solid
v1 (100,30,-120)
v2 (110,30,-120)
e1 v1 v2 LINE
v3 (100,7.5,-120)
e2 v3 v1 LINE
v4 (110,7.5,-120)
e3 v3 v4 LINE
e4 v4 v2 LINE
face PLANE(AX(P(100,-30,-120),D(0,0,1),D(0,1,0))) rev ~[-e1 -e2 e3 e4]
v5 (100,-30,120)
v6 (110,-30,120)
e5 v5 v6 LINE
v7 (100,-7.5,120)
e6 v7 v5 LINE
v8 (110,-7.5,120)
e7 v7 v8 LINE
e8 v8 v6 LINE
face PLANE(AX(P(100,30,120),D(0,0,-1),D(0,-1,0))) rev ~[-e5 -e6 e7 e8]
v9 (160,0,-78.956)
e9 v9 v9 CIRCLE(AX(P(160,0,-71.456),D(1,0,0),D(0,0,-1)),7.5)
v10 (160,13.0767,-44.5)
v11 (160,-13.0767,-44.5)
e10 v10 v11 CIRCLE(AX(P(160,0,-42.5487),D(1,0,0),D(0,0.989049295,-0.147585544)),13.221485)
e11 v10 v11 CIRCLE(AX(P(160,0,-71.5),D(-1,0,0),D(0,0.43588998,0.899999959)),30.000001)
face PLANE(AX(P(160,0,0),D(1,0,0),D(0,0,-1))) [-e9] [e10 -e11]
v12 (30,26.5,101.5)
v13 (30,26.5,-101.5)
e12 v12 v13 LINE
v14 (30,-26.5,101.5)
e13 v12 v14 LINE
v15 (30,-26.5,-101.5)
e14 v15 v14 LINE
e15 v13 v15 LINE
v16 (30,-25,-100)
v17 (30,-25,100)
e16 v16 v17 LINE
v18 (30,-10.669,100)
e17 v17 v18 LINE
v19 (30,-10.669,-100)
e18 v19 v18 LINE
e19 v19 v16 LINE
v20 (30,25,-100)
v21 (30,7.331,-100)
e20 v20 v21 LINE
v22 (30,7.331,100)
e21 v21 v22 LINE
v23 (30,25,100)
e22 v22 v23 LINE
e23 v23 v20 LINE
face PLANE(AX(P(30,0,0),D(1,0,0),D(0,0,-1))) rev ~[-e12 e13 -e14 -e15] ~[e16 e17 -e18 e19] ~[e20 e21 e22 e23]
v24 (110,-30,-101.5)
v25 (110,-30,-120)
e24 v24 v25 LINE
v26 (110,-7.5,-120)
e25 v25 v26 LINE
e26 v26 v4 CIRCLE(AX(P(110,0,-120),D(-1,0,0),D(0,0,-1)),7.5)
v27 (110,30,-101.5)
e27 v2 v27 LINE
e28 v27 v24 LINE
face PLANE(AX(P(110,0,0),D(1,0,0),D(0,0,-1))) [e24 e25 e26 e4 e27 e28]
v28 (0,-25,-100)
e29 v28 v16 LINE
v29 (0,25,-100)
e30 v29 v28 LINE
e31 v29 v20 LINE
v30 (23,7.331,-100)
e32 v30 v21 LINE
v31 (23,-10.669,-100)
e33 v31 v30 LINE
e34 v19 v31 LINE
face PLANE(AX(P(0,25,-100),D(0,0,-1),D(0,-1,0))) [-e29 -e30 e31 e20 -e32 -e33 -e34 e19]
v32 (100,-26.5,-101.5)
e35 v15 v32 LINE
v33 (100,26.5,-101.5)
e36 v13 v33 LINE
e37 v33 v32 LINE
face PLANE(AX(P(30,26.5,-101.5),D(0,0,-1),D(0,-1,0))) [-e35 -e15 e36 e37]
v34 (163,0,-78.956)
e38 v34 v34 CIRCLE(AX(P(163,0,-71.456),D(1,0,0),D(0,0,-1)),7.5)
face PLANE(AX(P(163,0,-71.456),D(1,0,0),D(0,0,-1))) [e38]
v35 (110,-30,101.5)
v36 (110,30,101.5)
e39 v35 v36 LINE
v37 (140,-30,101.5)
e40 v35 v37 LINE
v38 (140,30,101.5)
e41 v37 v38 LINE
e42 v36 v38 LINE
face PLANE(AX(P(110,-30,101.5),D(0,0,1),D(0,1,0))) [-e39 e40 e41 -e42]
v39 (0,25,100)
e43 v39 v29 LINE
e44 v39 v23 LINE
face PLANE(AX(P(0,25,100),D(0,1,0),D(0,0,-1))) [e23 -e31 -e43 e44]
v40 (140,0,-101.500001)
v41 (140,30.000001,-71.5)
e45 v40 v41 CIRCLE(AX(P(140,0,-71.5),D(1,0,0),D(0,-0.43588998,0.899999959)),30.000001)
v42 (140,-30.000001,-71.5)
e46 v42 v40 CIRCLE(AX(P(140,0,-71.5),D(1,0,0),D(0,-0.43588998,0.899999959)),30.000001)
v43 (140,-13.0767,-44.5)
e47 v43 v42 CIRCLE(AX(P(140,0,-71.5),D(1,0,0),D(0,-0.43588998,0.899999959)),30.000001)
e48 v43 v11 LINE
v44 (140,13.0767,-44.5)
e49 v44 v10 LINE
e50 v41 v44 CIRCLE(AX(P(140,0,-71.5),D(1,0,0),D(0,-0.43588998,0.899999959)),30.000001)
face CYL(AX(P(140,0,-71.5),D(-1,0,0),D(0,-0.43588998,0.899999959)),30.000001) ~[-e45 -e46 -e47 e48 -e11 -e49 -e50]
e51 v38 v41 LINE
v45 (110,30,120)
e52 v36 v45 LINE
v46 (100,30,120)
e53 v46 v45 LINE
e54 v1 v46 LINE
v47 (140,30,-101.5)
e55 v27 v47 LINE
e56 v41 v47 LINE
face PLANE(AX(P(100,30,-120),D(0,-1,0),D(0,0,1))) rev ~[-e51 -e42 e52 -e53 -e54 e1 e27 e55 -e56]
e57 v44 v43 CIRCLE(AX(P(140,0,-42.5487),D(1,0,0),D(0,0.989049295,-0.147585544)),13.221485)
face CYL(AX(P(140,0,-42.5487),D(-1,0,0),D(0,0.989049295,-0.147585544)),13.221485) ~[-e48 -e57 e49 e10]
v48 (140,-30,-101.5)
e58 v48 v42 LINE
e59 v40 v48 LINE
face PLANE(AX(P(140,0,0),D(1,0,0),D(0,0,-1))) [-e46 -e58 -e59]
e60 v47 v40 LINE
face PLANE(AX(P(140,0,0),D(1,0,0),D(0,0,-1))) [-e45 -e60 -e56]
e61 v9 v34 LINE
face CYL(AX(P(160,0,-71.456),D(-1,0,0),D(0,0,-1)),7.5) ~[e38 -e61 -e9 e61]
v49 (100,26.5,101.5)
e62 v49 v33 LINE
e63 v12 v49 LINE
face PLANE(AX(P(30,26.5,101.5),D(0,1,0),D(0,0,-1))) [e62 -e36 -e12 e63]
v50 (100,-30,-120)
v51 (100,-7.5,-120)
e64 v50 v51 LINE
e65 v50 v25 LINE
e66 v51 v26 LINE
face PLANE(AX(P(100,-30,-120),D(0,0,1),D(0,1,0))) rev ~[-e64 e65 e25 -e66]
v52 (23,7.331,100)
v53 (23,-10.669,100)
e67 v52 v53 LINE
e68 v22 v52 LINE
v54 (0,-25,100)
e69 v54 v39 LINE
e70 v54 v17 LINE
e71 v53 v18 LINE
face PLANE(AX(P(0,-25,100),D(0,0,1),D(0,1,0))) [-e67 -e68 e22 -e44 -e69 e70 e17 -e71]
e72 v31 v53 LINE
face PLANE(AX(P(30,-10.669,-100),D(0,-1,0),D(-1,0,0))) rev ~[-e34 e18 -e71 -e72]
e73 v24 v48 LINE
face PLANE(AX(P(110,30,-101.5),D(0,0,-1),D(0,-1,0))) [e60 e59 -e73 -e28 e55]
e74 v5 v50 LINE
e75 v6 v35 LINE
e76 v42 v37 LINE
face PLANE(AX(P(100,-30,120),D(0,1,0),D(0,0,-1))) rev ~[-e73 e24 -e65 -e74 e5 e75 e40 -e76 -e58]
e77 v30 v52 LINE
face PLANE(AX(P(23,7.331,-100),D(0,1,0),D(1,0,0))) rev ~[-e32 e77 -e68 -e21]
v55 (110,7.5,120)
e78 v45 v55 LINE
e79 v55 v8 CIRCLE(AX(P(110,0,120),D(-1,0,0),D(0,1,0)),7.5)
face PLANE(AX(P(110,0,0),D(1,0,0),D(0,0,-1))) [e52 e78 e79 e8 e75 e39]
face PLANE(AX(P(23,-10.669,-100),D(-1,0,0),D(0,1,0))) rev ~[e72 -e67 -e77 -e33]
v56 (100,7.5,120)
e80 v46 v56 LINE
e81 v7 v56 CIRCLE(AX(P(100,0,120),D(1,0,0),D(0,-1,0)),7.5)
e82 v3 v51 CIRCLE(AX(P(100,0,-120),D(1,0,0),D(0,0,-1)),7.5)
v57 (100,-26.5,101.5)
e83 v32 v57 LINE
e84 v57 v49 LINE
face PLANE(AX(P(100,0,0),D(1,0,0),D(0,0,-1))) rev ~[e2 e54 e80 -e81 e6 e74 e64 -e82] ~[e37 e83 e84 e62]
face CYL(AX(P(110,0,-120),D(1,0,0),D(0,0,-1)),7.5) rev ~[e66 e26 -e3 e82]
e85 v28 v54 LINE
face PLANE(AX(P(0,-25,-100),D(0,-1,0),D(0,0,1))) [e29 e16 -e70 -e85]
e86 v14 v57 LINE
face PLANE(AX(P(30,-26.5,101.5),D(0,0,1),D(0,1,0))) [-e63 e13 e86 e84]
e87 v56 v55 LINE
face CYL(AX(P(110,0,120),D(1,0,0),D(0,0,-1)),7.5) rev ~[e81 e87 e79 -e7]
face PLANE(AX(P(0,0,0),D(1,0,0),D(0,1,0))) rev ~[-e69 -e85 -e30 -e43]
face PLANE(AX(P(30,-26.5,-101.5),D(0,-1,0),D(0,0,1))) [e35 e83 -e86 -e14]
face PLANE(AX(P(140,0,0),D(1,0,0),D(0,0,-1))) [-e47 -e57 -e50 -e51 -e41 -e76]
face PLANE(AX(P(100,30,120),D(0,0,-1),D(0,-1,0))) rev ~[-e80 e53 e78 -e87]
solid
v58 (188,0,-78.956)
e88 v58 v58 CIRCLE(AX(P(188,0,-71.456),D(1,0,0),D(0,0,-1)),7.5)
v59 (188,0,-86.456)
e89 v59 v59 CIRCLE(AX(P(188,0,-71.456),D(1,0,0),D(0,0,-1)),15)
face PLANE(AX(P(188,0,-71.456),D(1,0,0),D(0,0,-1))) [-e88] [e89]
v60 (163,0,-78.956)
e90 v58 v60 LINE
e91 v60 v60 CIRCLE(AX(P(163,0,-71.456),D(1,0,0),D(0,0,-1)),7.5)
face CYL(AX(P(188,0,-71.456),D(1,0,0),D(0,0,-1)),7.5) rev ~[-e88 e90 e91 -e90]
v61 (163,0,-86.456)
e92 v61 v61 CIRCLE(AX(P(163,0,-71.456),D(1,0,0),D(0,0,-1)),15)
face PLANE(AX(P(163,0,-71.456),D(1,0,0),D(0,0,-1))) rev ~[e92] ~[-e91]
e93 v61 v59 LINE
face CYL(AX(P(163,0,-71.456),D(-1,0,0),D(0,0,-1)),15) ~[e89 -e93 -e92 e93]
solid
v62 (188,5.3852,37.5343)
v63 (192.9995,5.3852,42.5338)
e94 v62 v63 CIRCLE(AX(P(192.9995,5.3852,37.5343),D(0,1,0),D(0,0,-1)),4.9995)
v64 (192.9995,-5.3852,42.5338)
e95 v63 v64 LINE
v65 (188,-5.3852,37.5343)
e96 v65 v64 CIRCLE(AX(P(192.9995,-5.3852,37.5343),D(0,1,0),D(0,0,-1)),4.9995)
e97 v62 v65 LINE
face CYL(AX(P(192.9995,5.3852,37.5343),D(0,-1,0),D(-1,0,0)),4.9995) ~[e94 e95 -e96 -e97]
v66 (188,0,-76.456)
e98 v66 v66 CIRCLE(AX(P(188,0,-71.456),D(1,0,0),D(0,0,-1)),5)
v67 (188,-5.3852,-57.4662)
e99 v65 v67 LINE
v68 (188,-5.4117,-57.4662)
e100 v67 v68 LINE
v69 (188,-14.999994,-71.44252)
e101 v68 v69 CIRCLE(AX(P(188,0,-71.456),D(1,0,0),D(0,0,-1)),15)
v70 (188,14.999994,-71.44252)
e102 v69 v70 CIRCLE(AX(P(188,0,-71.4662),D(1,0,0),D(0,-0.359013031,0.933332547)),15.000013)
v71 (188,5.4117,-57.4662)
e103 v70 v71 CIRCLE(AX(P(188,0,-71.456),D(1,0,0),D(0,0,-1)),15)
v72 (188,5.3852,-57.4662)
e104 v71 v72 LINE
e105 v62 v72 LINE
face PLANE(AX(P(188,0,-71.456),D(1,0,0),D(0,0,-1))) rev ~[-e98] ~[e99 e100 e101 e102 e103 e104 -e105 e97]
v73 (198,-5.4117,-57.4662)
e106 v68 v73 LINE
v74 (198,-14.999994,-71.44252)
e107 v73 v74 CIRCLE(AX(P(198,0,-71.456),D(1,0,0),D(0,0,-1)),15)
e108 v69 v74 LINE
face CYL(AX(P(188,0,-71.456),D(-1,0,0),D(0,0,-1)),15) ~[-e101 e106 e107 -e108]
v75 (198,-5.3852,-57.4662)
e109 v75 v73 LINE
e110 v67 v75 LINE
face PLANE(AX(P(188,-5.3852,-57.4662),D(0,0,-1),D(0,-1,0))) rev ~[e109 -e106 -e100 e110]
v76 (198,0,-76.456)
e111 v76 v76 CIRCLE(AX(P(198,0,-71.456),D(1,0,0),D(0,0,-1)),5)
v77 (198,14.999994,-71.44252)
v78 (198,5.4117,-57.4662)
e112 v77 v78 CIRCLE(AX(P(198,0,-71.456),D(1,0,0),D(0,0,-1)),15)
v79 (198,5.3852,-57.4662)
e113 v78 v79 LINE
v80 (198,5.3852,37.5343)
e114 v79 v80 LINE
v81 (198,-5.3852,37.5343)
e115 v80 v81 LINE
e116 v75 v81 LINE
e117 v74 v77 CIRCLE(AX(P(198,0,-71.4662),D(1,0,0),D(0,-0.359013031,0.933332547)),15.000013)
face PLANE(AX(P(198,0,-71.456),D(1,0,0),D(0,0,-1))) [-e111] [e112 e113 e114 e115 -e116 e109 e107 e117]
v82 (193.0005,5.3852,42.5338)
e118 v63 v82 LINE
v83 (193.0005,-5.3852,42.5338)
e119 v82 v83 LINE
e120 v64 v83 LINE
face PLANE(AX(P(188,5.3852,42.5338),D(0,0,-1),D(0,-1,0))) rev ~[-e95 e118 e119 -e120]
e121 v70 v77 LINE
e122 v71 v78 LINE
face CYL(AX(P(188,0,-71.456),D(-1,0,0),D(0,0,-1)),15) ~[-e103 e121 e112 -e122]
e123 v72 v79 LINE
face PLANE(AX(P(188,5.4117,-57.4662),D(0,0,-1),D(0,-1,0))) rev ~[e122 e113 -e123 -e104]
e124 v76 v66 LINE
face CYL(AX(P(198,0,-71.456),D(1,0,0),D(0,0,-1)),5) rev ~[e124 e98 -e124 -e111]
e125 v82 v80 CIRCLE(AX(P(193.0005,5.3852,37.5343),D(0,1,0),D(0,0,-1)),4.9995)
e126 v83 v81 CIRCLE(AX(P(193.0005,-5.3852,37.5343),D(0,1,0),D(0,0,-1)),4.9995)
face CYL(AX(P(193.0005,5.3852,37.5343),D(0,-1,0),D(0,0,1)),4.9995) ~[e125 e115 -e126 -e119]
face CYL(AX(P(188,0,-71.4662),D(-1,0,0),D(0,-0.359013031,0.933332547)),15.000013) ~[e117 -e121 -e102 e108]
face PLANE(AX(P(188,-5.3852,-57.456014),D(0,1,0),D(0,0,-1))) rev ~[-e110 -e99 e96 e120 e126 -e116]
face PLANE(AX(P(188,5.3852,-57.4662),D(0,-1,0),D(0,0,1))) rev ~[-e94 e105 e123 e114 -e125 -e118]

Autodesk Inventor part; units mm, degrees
ref_plane "YZ Plane" through (0, 0, 0) normal (1, 0, 0) x (0, 1, 0)
ref_plane "XZ Plane" through (0, 0, 0) normal (0, 1, 0) x (-1, 0, 0)
ref_plane "XY Plane" through (0, 0, 0) normal (0, 0, 1) x (1, 0, 0)
sketch "Sketch1" plane through (0, 0, 0) normal (1, 0, 0) x (0, 1, 0)
  line L0 (-25, 100) -> (25, 100)
  line L1 (25, 100) -> (25, -100)
  line L2 (25, -100) -> (-25, -100)
  line L3 (-25, -100) -> (-25, 100)
  line L4 (-25, 100) -> (25, -100) construction
  line L5 (25, 100) -> (-25, -100) construction
  point P0 (0, 0)
  dimension "d0" = 50
  dimension "d1" = 200
extrude "Extrusion1" add sketch "Sketch1" along normal blind 30
sketch "Sketch2" plane through (30, 0, 0) normal (1, 0, 0) x (0, 0, -1)
  line L0 (101.5, -26.5) -> (-101.5, -26.5)
  line L1 (-101.5, -26.5) -> (-101.5, 26.5)
  line L2 (-101.5, 26.5) -> (101.5, 26.5)
  line L3 (101.5, 26.5) -> (101.5, -26.5)
  line L4 (101.5, -26.5) -> (-101.5, 26.5) construction
  line L5 (-101.5, -26.5) -> (101.5, 26.5) construction
  point P0 (0, 0)
  dimension "d4" = 203
  dimension "d5" = 53
extrude "Extrusion2" add sketch "Sketch2" along normal blind 70
sketch "Sketch3" plane through (100, 0, 0) normal (1, 0, 0) x (0, 0, -1)
  line L0 (120, 30) -> (-120, 30)
  line L1 (-120, 30) -> (-120, -30)
  line L2 (-120, -30) -> (120, -30)
  line L3 (120, -30) -> (120, 30)
  line L4 (120, 30) -> (-120, -30) construction
  line L5 (-120, 30) -> (120, -30) construction
  point P0 (0, 0)
  dimension "d8" = 240
  dimension "d9" = 60
extrude "Extrusion3" add sketch "Sketch3" along normal blind 10
sketch "Sketch4" plane through (110, 0, 0) normal (1, 0, 0) x (0, 0, -1)
  line L0 (101.5, -30) -> (-101.5, -30)
  line L1 (-101.5, -30) -> (-101.5, 30)
  line L2 (-101.5, 30) -> (101.5, 30)
  line L3 (101.5, 30) -> (101.5, -30)
  line L4 (101.5, -30) -> (-101.5, 30) construction
  line L5 (-101.5, -30) -> (101.5, 30) construction
  point P0 (0, 0)
  dimension "d12" = 203
  dimension "d13" = 60
extrude "Extrusion4" add sketch "Sketch4" along normal blind 30
sketch "Sketch6" plane through (140, 0, 0) normal (1, 0, 0) x (0, 0, -1)
  arc A0 (44.5, -13.0767) -> (44.5, 13.0767) centre (71.5, 0) ccw
  line L0 (101.5, -30) -> (101.5, 30) projected
  arc A1 (44.5, 13.0767) -> (44.5, -13.0767) centre (42.5487, 0) ccw
  point P0 (0, 0)
  point P1 (44.5, 13.0767)
  dimension "d16" = 60
  dimension "d17" = 30
extrude "Extrusion5" add sketch "Sketch6" along normal blind 20
sketch "Sketch8" plane through (160, 0, 0) normal (1, 0, 0) x (0, 0, -1)
  circle A0 centre (71.456, 0) radius 7.5
  point P0 (0, 0)
  dimension "d22" = 15
extrude "Extrusion6" add sketch "Sketch8" along normal blind 3
sketch "Sketch9" plane through (163, 0, -71.456) normal (1, 0, 0) x (0, 0, -1)
  circle A0 centre (0, 0) radius 15
  point P0 (-71.456, 0)
  dimension "d25" = 30
extrude "Extrusion7" add sketch "Sketch9" along normal blind 25
sketch "Sketch10" plane through (188, 0, -71.456) normal (1, 0, 0) x (0, 0, -1)
  circle A0 centre (0, 0) radius 7.5 projected
  circle A1 centre (0, 0) radius 5
  point P0 (-71.456, 0)
  dimension "d28" = 10
extrude "Extrusion8" cut sketch "Sketch10" against normal blind 25 contours A0 | A1
sketch "Sketch11" plane through (188, 0, -71.456) normal (1, 0, 0) x (0, 0, -1)
  arc A0 (-13.9898, -5.3852) -> (-13.9898, 5.3852) centre (0.0102, 0) ccw
  circle A1 centre (0, 0) radius 15 projected
  line L0 (-13.9898, 5.4117) -> (-13.9898, 5.3852)
  line L1 (-13.9898, -5.3852) -> (-13.9898, -5.4117)
  line L2 (-13.9898, 5.3852) -> (-113.9898, 5.3852)
  line L3 (-113.9898, 5.3852) -> (-113.9898, -5.3852)
  line L4 (-113.9898, -5.3852) -> (-13.9898, -5.3852)
  point P0 (-71.456, 0)
  point P1 (0.0051, -15)
  point P2 (0.0051, 15)
  dimension "d31" = 30
  dimension "d38" = 100
  dimension "d39" = 10.7703
extrude "Extrusion9" add sketch "Sketch11" along normal blind 10 separate body contours L4 A1 L2 A0 | A0 A1 L1 | A1 A0 | L4 L3 L2 A1 | A0 L0 A1
sketch "Sketch12" plane through (198, 0, -71.456) normal (1, 0, 0) x (0, 0, -1)
  circle A0 centre (0, 0) radius 5
  point P0 (-71.456, 0)
  dimension "d37" = 10
extrude "Extrusion10" cut sketch "Sketch12" against normal blind 10 bodies 2
fillet "Fillet1" radius 5 2 edges at (198, 0, 42.5338) (188, 0, 42.5338)
sketch "Sketch13" plane through (110, 0, 0) normal (1, 0, 0) x (0, 0, -1)
  line L0 (120, -30) -> (120, 30) projected
  circle A0 centre (120, 0) radius 7.5
  line L1 (-120, 30) -> (-120, -30) projected
  circle A1 centre (-120, 0) radius 7.5
  point P0 (0, 0)
  dimension "d41" = 15
  dimension "d42" = 15
extrude "Extrusion11" cut sketch "Sketch13" against normal through all bodies 1
sketch "Sketch14" plane through (0, -25, -100) normal (0, 0, -1) x (-1, 0, 0)
  line L0 (-30, 50) -> (-30, 0) projected
  line L1 (-30, 14.331) -> (-23, 14.331)
  line L2 (-23, 14.331) -> (-23, 32.331)
  line L3 (-23, 32.331) -> (-30, 32.331)
  line L4 (-30, 32.331) -> (-30, 14.331)
  point P0 (0, 25)
  dimension "d45" = 7
  dimension "d46" = 18
extrude "Extrusion12" cut sketch "Sketch14" against normal through all bodies 1
properties part number "Servomotor1"
